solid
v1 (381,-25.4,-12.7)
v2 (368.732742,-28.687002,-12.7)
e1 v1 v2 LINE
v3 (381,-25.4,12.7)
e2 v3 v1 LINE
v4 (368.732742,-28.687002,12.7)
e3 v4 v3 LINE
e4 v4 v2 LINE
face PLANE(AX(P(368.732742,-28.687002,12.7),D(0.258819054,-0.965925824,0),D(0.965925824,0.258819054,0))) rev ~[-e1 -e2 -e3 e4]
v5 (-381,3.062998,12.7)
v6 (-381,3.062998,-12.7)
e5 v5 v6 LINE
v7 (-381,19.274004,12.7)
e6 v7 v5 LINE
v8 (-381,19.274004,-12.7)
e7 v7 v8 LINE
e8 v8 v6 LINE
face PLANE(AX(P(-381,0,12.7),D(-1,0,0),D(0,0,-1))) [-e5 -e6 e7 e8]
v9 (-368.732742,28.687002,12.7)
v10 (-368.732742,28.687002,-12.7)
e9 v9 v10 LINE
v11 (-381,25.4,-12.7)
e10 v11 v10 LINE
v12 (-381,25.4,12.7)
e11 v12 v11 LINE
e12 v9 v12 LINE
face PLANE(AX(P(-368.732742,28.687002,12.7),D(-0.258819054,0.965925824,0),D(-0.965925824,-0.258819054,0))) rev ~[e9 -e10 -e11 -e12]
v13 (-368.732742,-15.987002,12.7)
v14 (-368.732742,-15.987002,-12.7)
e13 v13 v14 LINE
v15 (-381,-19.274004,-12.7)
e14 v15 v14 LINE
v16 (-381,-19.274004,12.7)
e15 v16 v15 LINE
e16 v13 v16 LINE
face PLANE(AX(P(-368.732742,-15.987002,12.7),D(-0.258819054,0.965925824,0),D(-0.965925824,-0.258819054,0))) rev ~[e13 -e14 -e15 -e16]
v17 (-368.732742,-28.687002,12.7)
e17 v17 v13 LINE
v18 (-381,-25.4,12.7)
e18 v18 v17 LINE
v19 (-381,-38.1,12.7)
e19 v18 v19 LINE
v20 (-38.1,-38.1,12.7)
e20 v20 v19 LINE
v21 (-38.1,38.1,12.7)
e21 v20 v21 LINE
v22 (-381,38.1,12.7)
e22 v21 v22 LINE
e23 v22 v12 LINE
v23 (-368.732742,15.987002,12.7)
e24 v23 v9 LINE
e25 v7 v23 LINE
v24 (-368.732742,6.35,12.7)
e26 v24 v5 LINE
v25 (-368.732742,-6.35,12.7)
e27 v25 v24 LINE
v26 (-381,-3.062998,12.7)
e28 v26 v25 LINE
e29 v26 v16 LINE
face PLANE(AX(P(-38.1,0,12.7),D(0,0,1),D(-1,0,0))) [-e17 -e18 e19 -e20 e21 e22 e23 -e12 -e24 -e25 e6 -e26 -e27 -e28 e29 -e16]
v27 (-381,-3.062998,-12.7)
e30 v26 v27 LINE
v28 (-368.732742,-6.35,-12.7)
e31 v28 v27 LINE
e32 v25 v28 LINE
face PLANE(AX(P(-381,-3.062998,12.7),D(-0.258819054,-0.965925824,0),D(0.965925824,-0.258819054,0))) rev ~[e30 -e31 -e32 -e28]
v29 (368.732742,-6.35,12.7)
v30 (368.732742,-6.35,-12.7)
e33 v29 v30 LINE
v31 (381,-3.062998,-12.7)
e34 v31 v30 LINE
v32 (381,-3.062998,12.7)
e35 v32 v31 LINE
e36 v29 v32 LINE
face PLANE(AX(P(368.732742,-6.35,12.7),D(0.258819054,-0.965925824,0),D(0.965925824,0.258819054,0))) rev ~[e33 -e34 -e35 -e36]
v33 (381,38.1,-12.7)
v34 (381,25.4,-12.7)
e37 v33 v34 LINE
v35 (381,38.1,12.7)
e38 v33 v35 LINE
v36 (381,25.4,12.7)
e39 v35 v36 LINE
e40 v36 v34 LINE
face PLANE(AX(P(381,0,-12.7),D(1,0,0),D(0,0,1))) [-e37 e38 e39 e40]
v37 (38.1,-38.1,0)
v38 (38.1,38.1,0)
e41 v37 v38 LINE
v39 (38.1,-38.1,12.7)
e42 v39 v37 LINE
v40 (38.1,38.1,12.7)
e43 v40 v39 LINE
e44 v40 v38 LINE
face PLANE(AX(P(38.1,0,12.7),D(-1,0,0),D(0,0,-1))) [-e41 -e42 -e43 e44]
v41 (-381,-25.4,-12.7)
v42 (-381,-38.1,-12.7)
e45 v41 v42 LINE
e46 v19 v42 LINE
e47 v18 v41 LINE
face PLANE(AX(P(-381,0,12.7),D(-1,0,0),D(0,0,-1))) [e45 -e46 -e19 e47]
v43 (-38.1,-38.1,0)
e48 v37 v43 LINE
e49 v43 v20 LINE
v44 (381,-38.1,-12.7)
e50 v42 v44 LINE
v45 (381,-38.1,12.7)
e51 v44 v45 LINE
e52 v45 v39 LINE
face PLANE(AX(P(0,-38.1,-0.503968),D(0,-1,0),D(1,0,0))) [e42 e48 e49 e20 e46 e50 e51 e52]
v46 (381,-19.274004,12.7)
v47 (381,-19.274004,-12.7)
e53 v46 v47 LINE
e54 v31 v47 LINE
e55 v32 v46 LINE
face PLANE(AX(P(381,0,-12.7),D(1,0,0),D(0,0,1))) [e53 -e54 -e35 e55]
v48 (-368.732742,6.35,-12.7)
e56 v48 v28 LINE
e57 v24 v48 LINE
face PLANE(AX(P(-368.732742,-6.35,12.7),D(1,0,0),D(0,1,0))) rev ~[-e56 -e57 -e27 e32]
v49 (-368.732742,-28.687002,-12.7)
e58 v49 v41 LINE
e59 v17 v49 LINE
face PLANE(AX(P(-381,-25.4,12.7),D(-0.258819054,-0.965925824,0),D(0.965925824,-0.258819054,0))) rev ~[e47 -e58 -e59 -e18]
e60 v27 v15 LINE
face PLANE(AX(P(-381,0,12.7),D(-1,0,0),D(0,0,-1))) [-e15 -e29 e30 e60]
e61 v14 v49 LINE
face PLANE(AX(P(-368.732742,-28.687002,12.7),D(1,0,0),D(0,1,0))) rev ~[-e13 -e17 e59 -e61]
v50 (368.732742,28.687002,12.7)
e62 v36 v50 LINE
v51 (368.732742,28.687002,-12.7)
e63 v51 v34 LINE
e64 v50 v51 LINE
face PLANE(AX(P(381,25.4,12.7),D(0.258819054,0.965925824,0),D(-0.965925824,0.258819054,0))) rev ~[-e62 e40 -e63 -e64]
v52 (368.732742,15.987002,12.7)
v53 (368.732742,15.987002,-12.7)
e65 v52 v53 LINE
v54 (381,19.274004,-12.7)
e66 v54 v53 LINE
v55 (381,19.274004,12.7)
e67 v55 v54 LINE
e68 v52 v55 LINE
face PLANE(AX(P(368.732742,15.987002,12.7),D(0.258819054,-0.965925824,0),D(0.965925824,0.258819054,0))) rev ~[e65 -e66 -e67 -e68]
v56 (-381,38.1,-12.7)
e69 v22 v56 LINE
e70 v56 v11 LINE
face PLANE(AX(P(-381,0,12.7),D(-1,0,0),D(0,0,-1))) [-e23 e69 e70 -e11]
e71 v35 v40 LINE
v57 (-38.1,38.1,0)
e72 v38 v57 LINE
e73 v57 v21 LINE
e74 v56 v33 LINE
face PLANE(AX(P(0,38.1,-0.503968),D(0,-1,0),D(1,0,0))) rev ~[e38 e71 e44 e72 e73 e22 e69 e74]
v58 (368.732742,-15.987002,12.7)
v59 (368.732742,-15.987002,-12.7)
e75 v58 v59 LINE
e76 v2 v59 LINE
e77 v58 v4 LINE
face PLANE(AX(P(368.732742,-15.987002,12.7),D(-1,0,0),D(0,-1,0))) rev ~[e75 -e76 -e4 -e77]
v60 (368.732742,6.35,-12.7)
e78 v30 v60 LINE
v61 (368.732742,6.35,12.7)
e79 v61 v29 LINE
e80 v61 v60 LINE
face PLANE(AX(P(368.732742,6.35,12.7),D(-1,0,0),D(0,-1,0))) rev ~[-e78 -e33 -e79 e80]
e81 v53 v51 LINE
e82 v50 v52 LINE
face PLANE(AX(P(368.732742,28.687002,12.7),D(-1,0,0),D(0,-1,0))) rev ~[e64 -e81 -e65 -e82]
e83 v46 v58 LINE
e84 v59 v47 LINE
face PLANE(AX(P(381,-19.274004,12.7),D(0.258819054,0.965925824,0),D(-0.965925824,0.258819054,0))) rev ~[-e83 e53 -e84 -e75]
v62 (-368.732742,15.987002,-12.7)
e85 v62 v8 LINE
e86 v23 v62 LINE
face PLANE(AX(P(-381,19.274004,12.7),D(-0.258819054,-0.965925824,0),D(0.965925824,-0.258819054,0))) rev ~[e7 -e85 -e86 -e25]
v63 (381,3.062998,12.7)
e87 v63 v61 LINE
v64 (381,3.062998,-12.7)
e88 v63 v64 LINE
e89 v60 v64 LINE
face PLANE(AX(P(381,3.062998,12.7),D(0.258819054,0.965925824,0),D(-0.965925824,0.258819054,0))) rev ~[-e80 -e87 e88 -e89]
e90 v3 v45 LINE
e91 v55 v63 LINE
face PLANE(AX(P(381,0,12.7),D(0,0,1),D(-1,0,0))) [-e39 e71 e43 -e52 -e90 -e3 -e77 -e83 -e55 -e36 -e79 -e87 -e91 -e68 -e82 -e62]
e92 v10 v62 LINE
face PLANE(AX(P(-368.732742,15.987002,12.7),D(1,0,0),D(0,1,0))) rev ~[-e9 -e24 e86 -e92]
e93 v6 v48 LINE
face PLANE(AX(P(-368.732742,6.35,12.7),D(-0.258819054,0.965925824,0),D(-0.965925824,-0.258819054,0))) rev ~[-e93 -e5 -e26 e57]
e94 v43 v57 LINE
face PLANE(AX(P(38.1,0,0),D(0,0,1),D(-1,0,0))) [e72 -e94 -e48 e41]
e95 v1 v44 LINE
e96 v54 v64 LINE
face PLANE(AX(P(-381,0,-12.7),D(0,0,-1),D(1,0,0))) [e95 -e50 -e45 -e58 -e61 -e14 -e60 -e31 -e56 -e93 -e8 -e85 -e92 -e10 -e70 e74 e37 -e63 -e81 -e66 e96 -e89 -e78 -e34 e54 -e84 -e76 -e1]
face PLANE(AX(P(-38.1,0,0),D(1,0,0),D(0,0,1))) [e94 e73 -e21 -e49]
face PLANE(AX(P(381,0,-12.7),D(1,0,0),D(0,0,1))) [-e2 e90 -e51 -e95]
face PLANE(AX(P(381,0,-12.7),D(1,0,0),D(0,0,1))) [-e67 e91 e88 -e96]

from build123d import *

# Parameters (mm, degrees)
F1_DEPTH = 38.1
F3_DEPTH = 25.401


with BuildPart() as f1:
    # F0 (on Front) → F1 (new body, symmetric)
    with BuildSketch(Plane.XZ):
        Polygon((-38.1, 12.7), (-381, 12.7), (-381, -12.7), (381, -12.7), (381, 12.7), (38.1, 12.7), (38.1, 0), (-38.1, 0), align=None)
    extrude(amount=F1_DEPTH, both=True)

    # F2 (on face) → F3 (cut, through all)
    with BuildSketch(Plane.XY.offset(12.7)):
        Polygon((-368.732742, 15.987002), (-368.732742, 28.687002), (-381, 25.4), (-381, 19.274004), align=None)
        Polygon((-368.732742, 6.35), (-381, 3.062998), (-381, -3.062998), (-368.732742, -6.35), align=None)
        Polygon((-368.732742, -28.687002), (-368.732742, -15.987002), (-381, -19.274004), (-381, -25.4), align=None)
        Polygon((381, 19.274004), (381, 25.4), (368.732742, 28.687002), (368.732742, 15.987002), align=None)
        Polygon((381, -3.062998), (381, 3.062998), (368.732742, 6.35), (368.732742, -6.35), align=None)
        Polygon((381, -25.4), (381, -19.274004), (368.732742, -15.987002), (368.732742, -28.687002), align=None)
    extrude(amount=-F3_DEPTH, mode=Mode.SUBTRACT)


solid = f1.part
